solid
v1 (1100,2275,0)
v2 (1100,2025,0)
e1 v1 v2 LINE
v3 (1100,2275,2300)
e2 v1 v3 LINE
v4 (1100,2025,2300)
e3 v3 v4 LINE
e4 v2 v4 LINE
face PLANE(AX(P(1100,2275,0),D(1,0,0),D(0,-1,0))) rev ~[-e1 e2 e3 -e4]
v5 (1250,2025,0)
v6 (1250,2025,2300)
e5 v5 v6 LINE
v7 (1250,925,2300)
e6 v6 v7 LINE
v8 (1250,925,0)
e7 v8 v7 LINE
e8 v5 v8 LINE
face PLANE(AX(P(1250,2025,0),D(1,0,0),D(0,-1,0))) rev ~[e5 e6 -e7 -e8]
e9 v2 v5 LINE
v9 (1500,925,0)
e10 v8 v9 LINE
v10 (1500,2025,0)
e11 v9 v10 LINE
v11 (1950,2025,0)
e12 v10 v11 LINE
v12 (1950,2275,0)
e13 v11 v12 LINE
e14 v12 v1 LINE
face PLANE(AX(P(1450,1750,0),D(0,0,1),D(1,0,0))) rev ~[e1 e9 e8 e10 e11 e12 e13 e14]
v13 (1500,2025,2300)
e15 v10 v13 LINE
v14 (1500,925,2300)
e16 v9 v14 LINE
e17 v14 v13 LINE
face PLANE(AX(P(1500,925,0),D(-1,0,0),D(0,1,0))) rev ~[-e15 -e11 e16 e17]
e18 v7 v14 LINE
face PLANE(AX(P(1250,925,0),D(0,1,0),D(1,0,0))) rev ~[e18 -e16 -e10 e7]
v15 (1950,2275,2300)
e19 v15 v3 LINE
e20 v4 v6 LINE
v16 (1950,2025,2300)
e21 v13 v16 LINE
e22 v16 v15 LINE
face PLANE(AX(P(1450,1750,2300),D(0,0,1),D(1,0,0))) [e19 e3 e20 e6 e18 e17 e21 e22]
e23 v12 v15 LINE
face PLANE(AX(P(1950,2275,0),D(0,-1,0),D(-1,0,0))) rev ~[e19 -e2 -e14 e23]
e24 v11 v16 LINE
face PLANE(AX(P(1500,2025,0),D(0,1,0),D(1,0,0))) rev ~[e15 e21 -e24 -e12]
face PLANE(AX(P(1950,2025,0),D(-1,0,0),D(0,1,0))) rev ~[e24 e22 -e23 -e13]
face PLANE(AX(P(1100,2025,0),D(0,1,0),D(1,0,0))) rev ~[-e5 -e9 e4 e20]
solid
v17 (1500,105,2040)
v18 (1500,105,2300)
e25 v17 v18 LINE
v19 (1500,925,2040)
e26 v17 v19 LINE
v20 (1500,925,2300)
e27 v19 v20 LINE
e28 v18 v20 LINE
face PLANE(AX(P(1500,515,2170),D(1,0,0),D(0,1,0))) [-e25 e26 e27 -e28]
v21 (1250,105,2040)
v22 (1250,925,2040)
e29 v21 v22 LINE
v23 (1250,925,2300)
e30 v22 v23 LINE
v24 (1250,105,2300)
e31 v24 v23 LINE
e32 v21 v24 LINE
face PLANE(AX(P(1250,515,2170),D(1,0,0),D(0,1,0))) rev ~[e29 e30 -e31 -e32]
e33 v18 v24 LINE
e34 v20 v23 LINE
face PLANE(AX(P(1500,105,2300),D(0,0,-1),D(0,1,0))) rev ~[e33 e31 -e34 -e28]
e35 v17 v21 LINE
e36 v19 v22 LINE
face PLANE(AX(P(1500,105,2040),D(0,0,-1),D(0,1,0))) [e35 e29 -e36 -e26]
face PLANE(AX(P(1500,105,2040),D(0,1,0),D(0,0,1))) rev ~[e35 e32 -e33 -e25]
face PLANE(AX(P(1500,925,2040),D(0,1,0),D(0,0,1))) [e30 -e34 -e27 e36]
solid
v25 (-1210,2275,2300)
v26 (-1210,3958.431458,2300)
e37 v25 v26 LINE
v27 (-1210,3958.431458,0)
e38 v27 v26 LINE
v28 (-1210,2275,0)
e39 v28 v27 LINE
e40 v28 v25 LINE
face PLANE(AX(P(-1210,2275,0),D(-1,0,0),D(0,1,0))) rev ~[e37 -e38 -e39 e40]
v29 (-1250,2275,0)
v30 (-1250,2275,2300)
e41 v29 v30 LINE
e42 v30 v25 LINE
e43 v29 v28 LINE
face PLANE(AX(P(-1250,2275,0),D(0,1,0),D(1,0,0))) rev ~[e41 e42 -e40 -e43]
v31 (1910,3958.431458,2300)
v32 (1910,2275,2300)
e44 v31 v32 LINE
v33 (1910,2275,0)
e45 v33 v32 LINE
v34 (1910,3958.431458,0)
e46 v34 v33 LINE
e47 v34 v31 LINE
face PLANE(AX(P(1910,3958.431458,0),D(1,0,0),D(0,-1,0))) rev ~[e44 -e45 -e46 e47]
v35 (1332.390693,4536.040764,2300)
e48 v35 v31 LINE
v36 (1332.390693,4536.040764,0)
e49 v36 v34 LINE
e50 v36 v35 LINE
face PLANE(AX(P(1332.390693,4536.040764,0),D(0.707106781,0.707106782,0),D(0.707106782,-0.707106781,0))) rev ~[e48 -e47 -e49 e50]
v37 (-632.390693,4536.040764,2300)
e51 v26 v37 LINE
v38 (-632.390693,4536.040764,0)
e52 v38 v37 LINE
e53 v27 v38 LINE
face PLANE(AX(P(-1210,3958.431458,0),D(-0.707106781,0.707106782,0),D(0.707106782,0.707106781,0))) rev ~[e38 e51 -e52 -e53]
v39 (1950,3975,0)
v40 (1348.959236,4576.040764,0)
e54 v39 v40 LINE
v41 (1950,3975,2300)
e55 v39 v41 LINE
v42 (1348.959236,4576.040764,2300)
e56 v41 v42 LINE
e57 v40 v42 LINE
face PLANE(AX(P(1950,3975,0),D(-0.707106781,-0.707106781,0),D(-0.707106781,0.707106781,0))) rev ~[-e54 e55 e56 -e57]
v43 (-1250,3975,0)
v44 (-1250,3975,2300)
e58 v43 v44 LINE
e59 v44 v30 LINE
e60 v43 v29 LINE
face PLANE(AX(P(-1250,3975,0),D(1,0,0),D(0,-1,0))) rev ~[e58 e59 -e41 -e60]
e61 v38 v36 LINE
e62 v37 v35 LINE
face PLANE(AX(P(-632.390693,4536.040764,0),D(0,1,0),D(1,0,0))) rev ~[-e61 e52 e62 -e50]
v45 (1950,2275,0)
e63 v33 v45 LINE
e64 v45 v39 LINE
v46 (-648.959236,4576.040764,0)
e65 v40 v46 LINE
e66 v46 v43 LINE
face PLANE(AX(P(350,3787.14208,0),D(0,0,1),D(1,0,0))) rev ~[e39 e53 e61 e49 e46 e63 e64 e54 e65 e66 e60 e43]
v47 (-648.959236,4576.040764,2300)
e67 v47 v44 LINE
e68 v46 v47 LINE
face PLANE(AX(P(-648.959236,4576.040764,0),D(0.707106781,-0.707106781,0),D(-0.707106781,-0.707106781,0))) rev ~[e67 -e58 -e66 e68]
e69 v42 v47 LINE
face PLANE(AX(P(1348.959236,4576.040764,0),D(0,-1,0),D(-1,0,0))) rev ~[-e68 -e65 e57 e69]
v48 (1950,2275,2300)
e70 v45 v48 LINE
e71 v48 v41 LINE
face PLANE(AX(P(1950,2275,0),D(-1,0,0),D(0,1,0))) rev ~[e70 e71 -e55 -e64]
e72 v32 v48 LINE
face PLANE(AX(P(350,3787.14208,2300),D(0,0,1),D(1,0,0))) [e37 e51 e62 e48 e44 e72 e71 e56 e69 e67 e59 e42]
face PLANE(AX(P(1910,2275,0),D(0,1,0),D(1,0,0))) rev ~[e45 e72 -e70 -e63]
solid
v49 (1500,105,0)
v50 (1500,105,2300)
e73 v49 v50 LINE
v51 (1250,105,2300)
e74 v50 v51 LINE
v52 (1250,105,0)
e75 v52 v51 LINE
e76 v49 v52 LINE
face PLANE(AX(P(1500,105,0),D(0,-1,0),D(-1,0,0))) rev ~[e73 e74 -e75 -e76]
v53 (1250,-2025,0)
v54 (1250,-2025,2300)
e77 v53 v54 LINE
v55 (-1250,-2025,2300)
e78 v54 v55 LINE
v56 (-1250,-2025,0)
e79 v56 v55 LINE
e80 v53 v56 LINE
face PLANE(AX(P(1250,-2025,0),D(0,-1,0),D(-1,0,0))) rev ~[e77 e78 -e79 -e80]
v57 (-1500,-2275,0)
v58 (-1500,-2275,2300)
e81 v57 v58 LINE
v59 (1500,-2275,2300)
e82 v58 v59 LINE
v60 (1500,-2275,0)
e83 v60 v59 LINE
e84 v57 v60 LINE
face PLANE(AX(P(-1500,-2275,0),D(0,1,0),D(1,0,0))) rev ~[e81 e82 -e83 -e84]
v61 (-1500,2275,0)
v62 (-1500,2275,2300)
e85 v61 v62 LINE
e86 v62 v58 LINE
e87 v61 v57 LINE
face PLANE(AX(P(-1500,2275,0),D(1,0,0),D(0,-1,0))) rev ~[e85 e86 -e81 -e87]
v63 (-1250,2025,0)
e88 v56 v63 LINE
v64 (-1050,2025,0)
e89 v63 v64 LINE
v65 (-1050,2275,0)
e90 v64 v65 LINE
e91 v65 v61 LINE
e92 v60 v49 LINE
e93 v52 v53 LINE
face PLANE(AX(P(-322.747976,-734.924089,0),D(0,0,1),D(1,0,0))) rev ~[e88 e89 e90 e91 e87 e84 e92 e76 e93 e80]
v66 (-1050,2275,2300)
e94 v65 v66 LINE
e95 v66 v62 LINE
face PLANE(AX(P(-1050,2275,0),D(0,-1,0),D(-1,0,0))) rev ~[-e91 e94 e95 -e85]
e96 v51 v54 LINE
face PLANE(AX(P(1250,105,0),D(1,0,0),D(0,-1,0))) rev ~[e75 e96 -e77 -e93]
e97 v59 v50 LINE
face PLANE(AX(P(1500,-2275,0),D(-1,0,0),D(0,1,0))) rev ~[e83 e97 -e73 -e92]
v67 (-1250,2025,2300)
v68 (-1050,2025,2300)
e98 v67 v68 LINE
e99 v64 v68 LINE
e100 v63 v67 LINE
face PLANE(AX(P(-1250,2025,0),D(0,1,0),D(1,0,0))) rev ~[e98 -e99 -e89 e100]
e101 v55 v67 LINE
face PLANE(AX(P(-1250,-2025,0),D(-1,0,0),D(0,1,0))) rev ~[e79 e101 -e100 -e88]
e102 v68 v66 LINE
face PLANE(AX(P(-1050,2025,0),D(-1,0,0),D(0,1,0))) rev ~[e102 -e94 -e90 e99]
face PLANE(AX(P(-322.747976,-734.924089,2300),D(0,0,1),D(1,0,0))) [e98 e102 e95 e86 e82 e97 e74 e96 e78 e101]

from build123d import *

# Parameters (mm, degrees)
F1_DEPTH = 2300
F2_W     = 820
F2_H     = 260
F3_DEPTH = 250
F4_DEPTH = 2300


with BuildPart() as f1:
    # F0 (on Top) → F1 (new body)
    with BuildSketch(Plane.XY):
        Polygon((-1250, -2025), (-1250, 2025), (-1050, 2025), (-1050, 2275), (-1210, 2275), (-1250, 2275), (-1500, 2275), (-1500, -2275), (1500, -2275), (1500, 105), (1250, 105), (1250, -2025), align=None)
        Polygon((1100, 2275), (1100, 2025), (1250, 2025), (1250, 925), (1500, 925), (1500, 2025), (1950, 2025), (1950, 2275), (1910, 2275), (1500, 2275), align=None)
    extrude(amount=F1_DEPTH)


with BuildPart() as f3:
    # F2 (on face) → F3 (new body, through all)
    with BuildSketch(Plane.YZ.offset(1500)):
        with Locations((515, 2170)):
            Rectangle(F2_W, F2_H)
    extrude(amount=-F3_DEPTH)


with BuildPart() as f4:
    # F0 (on Top) → F4 (new body)
    with BuildSketch(Plane.XY):
        Polygon((-1250, 2275), (-1210, 2275), (-1210, 3958.431458), (-632.390693, 4536.040764), (1332.390693, 4536.040764), (1910, 3958.431458), (1910, 2275), (1950, 2275), (1950, 3975), (1348.959236, 4576.040764), (-648.959236, 4576.040764), (-1250, 3975), align=None)
    extrude(amount=F4_DEPTH)


solid = Compound([f1.part, f3.part, f4.part])
